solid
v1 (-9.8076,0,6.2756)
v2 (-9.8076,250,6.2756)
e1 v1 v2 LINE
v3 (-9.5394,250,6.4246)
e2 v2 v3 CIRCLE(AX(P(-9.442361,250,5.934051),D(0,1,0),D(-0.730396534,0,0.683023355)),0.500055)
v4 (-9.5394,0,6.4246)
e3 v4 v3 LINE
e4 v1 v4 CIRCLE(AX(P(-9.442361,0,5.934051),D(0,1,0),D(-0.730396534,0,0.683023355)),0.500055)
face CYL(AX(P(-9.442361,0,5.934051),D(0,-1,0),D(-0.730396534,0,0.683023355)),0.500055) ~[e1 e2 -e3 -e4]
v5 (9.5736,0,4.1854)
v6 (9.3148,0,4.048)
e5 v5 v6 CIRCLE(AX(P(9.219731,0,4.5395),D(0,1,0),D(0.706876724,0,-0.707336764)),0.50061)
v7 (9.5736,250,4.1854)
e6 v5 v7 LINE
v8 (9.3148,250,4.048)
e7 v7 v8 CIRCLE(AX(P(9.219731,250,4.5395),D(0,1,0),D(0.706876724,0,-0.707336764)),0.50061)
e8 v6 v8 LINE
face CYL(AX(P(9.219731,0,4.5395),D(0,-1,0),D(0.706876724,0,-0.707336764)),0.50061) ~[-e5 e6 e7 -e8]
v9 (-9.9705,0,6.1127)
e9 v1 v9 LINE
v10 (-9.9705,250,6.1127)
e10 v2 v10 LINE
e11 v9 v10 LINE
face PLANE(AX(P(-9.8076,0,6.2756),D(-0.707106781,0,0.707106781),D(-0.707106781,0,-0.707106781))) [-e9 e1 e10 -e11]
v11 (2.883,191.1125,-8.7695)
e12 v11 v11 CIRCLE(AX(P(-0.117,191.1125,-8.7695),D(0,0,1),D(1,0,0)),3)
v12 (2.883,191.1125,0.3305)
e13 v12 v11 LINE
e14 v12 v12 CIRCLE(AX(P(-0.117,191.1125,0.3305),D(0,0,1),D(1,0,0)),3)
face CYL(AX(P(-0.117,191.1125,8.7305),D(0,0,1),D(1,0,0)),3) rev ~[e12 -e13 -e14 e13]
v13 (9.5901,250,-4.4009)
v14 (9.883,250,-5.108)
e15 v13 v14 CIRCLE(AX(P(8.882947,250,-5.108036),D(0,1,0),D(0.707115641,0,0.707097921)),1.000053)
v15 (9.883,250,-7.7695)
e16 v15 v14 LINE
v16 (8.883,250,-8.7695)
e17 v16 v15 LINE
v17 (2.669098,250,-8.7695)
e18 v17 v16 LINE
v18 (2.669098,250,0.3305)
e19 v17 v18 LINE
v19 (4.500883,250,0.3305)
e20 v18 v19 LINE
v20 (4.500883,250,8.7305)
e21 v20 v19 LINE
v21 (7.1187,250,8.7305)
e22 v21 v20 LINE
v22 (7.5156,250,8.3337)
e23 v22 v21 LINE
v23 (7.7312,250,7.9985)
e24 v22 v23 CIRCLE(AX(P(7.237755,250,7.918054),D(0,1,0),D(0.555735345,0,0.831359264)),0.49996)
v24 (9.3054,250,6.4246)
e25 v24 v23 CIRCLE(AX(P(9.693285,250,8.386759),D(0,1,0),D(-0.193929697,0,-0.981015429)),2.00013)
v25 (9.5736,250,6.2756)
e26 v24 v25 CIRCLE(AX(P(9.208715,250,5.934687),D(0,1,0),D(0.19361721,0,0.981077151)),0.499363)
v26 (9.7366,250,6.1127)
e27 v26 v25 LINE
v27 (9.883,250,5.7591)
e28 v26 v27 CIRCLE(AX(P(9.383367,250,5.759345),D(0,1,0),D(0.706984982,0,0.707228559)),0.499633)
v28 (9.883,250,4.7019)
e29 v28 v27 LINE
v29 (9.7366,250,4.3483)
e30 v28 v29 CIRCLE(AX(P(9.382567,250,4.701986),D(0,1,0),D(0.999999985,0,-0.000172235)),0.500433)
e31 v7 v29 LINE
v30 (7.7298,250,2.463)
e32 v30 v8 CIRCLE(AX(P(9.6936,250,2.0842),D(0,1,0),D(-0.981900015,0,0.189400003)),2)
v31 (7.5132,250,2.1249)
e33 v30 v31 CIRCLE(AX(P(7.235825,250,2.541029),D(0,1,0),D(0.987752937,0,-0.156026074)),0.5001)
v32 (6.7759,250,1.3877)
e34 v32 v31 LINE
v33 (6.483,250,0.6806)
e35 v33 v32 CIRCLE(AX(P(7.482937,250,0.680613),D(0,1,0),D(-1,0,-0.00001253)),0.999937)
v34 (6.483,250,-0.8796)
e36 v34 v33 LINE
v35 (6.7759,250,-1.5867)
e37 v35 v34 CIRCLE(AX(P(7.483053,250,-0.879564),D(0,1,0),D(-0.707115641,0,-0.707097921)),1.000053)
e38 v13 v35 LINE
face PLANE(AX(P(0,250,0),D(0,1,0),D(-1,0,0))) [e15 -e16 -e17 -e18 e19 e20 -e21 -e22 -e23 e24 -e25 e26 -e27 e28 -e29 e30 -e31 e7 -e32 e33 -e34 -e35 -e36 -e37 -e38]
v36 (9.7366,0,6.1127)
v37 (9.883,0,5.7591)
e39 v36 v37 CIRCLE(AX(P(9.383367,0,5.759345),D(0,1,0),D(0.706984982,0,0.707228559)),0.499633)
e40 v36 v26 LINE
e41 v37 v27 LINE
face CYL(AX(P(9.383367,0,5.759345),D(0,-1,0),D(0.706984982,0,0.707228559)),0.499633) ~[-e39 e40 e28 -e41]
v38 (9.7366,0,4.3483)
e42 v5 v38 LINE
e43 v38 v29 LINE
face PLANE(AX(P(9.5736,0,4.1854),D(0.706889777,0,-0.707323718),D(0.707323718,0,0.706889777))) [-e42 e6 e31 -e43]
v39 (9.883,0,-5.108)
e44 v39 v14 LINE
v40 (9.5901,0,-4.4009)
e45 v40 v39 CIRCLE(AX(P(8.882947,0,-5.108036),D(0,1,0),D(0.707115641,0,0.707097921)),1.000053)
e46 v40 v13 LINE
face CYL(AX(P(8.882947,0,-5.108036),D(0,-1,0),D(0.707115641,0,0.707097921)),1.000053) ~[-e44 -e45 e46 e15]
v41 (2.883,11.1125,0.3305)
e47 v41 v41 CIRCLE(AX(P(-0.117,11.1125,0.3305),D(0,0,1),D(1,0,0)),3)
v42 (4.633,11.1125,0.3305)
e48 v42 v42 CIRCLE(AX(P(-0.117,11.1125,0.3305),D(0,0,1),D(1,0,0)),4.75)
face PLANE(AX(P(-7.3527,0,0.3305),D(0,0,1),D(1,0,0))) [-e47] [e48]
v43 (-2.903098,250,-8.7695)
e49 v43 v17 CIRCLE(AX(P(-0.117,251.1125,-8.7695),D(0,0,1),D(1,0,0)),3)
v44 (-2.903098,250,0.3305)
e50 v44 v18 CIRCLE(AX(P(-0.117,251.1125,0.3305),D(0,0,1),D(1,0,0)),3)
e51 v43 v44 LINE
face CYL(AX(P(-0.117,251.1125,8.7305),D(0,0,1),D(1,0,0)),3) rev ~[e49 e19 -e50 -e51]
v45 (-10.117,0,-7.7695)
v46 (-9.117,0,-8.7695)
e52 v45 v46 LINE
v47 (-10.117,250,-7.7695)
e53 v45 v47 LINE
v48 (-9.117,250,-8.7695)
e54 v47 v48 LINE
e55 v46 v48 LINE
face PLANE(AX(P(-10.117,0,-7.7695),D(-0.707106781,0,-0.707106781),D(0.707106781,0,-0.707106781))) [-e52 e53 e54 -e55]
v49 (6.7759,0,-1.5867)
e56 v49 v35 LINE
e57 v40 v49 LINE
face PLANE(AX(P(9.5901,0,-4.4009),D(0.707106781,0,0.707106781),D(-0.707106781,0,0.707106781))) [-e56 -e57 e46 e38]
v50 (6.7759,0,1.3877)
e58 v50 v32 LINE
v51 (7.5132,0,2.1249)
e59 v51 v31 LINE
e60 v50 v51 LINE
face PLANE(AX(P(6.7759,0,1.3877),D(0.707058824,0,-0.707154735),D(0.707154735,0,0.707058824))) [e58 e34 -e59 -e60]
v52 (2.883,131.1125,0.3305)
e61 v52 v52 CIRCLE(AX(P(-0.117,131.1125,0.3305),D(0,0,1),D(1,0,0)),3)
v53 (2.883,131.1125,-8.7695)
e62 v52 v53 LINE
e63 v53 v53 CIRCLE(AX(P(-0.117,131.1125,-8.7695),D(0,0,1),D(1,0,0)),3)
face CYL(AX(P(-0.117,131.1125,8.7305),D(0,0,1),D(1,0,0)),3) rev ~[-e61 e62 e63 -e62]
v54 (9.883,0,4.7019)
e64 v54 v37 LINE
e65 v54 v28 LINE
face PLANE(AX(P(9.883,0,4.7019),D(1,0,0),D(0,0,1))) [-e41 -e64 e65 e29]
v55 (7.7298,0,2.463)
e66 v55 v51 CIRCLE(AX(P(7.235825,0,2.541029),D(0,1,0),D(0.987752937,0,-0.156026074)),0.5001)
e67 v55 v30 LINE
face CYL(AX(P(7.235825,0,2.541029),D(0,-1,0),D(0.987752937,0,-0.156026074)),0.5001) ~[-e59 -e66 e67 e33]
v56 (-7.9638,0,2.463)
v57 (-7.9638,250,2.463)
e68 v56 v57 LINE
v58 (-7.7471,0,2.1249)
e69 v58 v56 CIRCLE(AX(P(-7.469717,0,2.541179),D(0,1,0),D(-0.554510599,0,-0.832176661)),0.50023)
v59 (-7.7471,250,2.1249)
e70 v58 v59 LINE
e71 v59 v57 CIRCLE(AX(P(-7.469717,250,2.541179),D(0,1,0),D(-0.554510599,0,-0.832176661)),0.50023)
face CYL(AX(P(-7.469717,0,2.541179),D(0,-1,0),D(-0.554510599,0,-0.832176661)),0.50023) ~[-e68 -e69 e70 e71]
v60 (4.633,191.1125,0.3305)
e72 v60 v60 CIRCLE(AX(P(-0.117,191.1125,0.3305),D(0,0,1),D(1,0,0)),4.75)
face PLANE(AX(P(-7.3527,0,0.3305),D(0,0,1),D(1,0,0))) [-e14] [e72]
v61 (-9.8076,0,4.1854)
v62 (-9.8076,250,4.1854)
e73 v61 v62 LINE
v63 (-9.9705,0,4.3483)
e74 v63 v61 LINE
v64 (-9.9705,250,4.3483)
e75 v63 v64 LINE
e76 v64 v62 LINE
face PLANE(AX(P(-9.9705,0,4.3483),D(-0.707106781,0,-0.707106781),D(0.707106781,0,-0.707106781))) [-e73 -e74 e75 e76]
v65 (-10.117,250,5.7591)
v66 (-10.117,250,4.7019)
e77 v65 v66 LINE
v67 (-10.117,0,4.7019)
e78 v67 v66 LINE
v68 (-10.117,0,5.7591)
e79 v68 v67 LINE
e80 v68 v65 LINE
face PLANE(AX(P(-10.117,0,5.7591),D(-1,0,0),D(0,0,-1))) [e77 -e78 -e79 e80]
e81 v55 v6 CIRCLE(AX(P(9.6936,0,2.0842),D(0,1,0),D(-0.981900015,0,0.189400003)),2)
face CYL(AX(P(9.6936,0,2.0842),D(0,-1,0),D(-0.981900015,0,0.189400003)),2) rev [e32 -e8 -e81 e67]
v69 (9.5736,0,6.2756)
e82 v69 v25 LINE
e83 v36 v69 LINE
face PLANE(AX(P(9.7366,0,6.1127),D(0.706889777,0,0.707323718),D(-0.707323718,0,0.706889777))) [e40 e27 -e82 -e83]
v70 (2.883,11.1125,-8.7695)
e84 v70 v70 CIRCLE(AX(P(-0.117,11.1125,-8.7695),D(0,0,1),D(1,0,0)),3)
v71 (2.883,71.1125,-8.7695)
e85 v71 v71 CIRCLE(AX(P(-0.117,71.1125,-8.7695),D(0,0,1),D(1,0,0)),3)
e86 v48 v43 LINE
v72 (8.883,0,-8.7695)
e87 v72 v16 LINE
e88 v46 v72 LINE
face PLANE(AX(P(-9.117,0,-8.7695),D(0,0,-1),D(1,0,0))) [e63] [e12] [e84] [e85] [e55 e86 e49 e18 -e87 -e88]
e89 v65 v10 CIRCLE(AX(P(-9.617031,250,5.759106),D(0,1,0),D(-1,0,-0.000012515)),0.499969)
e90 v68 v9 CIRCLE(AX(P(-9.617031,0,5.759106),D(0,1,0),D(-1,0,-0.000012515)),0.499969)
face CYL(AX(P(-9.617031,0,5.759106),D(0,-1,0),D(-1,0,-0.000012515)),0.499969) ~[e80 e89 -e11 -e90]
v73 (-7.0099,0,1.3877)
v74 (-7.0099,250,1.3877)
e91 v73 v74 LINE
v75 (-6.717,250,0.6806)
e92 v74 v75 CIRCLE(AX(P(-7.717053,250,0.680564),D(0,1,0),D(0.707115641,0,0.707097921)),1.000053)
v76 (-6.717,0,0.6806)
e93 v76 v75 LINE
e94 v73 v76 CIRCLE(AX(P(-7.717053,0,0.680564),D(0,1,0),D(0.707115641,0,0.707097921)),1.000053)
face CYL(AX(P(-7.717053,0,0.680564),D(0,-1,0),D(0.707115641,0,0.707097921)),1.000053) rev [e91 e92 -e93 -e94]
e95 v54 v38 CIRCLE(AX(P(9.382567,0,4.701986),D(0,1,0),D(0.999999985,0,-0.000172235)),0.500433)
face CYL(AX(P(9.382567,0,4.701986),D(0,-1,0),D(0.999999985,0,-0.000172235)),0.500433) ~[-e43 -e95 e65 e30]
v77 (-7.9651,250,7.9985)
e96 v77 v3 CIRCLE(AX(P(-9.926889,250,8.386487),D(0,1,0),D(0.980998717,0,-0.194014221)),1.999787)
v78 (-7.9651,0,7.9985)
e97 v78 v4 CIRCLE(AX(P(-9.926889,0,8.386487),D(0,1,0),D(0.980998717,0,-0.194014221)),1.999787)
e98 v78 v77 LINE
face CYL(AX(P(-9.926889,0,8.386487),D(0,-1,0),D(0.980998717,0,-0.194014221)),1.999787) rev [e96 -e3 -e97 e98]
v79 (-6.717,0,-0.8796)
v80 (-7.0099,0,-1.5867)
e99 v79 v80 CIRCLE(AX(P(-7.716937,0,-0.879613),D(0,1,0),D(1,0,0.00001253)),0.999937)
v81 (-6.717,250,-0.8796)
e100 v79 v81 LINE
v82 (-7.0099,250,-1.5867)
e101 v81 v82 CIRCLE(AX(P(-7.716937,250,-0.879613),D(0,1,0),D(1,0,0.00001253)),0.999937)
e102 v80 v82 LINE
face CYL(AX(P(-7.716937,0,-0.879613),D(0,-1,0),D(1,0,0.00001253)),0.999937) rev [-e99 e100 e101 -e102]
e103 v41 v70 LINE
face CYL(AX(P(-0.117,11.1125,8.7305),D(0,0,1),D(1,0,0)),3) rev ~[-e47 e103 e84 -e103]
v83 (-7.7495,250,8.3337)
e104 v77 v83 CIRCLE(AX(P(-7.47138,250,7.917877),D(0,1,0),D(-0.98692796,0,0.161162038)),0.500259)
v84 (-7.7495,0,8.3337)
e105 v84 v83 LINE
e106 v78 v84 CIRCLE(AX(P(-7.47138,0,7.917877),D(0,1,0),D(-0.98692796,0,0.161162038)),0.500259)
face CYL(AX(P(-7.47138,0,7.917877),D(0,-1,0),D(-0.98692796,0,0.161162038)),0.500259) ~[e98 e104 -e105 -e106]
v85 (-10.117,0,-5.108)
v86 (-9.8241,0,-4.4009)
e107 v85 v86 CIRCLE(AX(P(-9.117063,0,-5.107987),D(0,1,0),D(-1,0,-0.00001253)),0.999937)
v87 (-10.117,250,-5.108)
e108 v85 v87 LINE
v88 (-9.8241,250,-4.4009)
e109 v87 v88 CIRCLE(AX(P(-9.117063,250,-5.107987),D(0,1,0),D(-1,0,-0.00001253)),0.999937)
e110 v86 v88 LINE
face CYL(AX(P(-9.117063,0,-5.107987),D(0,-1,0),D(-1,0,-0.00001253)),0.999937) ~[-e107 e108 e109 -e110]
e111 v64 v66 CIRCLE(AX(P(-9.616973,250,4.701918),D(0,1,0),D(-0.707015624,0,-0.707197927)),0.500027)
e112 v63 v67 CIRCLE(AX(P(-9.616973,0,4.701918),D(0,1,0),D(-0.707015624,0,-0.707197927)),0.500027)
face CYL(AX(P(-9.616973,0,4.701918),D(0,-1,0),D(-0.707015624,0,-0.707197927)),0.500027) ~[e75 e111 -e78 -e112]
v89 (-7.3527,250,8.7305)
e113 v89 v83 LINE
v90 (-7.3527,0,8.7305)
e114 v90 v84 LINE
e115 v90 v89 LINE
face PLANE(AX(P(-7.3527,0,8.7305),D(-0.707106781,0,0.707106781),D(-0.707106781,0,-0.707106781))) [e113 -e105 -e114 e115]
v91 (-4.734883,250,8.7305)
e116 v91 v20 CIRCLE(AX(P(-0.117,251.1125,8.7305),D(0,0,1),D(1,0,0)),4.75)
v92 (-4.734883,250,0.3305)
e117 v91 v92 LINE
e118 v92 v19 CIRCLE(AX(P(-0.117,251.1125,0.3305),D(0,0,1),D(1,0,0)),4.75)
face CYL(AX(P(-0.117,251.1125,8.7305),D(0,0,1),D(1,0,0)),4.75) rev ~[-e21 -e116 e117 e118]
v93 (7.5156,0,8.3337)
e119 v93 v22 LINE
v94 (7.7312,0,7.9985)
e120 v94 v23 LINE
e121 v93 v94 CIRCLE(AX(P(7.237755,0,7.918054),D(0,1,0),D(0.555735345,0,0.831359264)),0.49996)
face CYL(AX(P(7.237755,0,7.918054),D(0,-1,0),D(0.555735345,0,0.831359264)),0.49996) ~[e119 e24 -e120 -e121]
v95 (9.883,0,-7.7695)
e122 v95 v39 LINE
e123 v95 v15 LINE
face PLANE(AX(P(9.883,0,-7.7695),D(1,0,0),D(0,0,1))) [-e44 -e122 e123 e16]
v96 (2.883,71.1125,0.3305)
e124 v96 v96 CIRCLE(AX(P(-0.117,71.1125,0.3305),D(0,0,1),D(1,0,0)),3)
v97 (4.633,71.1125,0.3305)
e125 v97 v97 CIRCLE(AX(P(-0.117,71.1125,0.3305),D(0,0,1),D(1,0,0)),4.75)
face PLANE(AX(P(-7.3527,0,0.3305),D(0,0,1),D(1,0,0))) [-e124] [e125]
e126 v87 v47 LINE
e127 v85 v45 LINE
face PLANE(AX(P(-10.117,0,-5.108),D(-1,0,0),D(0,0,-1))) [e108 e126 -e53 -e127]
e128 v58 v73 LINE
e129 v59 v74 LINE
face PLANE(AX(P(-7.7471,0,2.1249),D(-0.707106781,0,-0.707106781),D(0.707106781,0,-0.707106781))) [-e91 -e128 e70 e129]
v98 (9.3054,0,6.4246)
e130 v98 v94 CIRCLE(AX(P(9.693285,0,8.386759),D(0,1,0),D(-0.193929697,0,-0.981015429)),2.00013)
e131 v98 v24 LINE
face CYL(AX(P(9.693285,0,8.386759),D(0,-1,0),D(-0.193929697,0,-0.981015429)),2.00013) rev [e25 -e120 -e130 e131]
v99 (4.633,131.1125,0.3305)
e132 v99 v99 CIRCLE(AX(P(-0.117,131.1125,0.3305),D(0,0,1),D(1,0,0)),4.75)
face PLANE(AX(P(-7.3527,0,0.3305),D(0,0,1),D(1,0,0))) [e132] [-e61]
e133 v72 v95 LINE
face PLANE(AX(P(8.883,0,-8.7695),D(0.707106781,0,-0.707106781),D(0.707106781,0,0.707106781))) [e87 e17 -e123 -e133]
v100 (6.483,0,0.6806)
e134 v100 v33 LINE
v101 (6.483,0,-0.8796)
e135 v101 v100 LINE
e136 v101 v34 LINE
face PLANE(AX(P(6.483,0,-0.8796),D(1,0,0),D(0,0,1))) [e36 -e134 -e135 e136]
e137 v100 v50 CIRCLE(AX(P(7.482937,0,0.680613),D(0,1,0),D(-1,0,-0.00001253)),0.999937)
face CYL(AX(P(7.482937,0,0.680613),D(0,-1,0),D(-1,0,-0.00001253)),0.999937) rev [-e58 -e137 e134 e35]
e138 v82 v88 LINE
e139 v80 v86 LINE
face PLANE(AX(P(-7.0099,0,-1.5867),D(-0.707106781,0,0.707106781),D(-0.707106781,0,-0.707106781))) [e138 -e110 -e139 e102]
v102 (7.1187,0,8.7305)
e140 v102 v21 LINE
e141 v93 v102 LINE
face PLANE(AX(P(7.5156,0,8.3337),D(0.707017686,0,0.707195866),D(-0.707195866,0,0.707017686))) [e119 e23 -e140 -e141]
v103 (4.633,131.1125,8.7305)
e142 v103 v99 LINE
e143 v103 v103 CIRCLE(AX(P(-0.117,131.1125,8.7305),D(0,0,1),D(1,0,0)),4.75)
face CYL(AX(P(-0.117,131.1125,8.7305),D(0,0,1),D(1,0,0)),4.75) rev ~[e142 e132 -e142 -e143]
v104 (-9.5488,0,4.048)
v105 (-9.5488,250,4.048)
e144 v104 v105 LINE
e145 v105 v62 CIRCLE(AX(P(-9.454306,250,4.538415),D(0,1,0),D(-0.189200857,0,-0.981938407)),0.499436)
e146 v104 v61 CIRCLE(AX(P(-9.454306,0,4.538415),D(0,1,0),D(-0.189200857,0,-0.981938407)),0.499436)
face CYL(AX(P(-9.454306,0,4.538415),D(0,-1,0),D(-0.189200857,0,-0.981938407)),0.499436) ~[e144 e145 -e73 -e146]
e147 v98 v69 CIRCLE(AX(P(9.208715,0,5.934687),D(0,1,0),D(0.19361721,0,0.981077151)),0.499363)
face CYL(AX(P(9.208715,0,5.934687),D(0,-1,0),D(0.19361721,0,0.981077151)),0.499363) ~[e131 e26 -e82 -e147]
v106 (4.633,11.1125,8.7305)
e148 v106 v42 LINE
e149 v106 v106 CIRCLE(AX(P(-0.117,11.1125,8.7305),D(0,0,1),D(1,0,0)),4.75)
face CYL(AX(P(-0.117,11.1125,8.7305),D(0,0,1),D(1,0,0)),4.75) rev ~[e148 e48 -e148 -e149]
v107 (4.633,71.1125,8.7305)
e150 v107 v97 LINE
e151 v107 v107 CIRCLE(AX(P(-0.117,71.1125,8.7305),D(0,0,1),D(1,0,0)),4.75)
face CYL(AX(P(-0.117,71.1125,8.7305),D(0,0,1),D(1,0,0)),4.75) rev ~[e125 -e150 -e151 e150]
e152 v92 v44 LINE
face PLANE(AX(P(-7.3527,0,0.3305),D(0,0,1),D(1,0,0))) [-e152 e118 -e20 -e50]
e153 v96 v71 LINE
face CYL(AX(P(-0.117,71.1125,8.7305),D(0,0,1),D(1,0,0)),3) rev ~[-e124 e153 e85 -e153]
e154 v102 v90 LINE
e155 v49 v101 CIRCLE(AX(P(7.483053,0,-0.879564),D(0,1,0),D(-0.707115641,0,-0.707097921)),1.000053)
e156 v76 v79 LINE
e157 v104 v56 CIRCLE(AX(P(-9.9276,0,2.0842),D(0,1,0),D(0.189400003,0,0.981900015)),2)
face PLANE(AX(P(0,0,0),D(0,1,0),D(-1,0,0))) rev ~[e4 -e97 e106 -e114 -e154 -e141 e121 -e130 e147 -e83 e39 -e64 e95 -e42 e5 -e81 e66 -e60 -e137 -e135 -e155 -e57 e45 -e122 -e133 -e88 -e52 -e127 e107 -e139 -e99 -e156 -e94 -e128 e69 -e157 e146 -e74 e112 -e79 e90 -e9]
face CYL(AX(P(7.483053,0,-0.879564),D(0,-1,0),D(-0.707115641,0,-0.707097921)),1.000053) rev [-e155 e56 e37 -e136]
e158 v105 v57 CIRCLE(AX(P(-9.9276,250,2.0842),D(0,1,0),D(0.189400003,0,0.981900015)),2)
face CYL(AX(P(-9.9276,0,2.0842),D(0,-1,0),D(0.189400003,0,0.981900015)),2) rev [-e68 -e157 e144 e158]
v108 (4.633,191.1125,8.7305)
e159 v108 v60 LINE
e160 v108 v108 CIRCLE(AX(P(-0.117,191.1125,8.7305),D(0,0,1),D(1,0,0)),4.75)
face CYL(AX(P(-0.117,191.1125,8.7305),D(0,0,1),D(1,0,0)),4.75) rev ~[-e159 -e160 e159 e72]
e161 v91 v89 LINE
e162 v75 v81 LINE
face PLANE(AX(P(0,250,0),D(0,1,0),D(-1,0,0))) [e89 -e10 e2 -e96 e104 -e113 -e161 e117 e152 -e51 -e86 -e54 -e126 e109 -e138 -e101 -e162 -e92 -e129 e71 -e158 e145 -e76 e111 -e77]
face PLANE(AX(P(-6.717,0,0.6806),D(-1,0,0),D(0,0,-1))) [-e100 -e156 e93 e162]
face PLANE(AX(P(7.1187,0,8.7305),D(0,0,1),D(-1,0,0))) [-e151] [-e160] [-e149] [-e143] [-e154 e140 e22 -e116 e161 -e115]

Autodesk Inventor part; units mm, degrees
ref_plane "YZ Plane" through (0, 0, 0) normal (1, 0, 0) x (0, 1, 0)
ref_plane "XZ Plane" through (0, 0, 0) normal (0, 1, 0) x (-1, 0, 0)
ref_plane "XY Plane" through (0, 0, 0) normal (0, 0, 1) x (1, 0, 0)
sketch "Sketch1" plane through (0, 0, 0) normal (0, 1, 0) x (-1, 0, 0)
  arc A0 (-6.7759, -1.5867) -> (-6.483, -0.8796) centre (-7.483, -0.8796) ccw
  line L0 (-7.1187, 8.7305) -> (7.3527, 8.7305)
  line L1 (9.117, -8.7695) -> (-8.883, -8.7695)
  line L2 (6.717, 0.6806) -> (6.717, -0.8796)
  arc A1 (7.0099, 1.3877) -> (6.717, 0.6806) centre (7.717, 0.6806) ccw
  line L3 (7.7471, 2.1249) -> (7.0099, 1.3877)
  arc A2 (6.717, -0.8796) -> (7.0099, -1.5867) centre (7.717, -0.8796) ccw
  arc A3 (-9.5901, -4.4009) -> (-9.883, -5.108) centre (-8.883, -5.108) ccw
  line L4 (-9.883, -7.7695) -> (-9.883, -5.108)
  line L5 (-8.883, -8.7695) -> (-9.883, -7.7695)
  line L6 (-9.5901, -4.4009) -> (-6.7759, -1.5867)
  line L7 (10.117, 5.7591) -> (10.117, 4.7019)
  arc A4 (10.117, 5.7591) -> (9.9705, 6.1127) centre (9.617, 5.7591) ccw
  line L8 (9.8076, 6.2756) -> (9.9705, 6.1127)
  arc A5 (9.8076, 6.2756) -> (9.5394, 6.4246) centre (9.4424, 5.9341) ccw
  arc A6 (7.9651, 7.9985) -> (9.5394, 6.4246) centre (9.9271, 8.3866) ccw
  arc A7 (7.9651, 7.9985) -> (7.7495, 8.3337) centre (7.4717, 7.918) ccw
  line L9 (7.3527, 8.7305) -> (7.7495, 8.3337)
  line L10 (-6.483, -0.8796) -> (-6.483, 0.6806)
  arc A8 (-6.483, 0.6806) -> (-6.7759, 1.3877) centre (-7.483, 0.6806) ccw
  line L11 (-6.7759, 1.3877) -> (-7.5132, 2.1249)
  arc A9 (-7.7298, 2.463) -> (-7.5132, 2.1249) centre (-7.2359, 2.541) ccw
  arc A10 (-7.7298, 2.463) -> (-9.3148, 4.048) centre (-9.6936, 2.0842) ccw
  line L12 (-9.5736, 4.1854) -> (-9.7366, 4.3483)
  arc A11 (-9.883, 4.7019) -> (-9.7366, 4.3483) centre (-9.383, 4.7019) ccw
  line L13 (-9.883, 4.7019) -> (-9.883, 5.7591)
  arc A12 (-9.7366, 6.1127) -> (-9.883, 5.7591) centre (-9.383, 5.7591) ccw
  arc A13 (9.9705, 4.3483) -> (10.117, 4.7019) centre (9.617, 4.7019) ccw
  line L14 (9.9705, 4.3483) -> (9.8076, 4.1854)
  arc A14 (9.5488, 4.048) -> (9.8076, 4.1854) centre (9.4541, 4.539) ccw
  arc A15 (9.5488, 4.048) -> (7.9638, 2.463) centre (9.9276, 2.0842) ccw
  arc A16 (7.7471, 2.1249) -> (7.9638, 2.463) centre (7.4699, 2.541) ccw
  line L15 (7.0099, -1.5867) -> (9.8241, -4.4009)
  arc A17 (10.117, -5.108) -> (9.8241, -4.4009) centre (9.117, -5.108) ccw
  line L16 (10.117, -5.108) -> (10.117, -7.7695)
  line L17 (10.117, -7.7695) -> (9.117, -8.7695)
  line L18 (-9.7366, 6.1127) -> (-9.5736, 6.2756)
  arc A18 (-9.3054, 6.4246) -> (-9.5736, 6.2756) centre (-9.2085, 5.9341) ccw
  arc A19 (-9.3054, 6.4246) -> (-7.7312, 7.9985) centre (-9.6932, 8.3866) ccw
  arc A20 (-7.5156, 8.3337) -> (-7.7312, 7.9985) centre (-7.2377, 7.918) ccw
  line L19 (-7.5156, 8.3337) -> (-7.1187, 8.7305)
  arc A21 (-9.5736, 4.1854) -> (-9.3148, 4.048) centre (-9.2201, 4.539) ccw
  point P0 (0, 0)
  point P1 (0.117, -0.039)
  point P2 (0.117, 5.2305)
extrude "Extrusion1" add sketch "Sketch1" along normal blind 250
sketch "Sketch2" plane through (-7.3527, 0, 8.7305) normal (0, 0, 1) x (1, 0, 0)
  circle A0 centre (7.2357, 11.1125) radius 3
  line L0 (0, 0) -> (14.4714, 0) projected
  line L1 (-2.7643, 0) -> (-2.7643, 250) projected
  line L2 (17.2357, 0) -> (17.2357, 250) projected
  circle A1 centre (7.2357, 71.1125) radius 3
  circle A2 centre (7.2357, 131.1125) radius 3
  circle A3 centre (7.2357, 191.1125) radius 3
  circle A4 centre (7.2357, 251.1125) radius 3
  point P0 (7.3527, 0)
  dimension "d2" = 6
  dimension "d3" = 11.1125
  dimension "d4" = 20
  dimension "d5" = 10
  dimension "d8" = 60
  dimension "d18" = 60
extrude "Extrusion2" cut sketch "Sketch2" against normal through all contours A0 | A1 | A2 | A3
sketch "Sketch3" plane through (-7.3527, 0, 8.7305) normal (0, 0, 1) x (1, 0, 0)
  circle A0 centre (7.2357, 71.1125) radius 3 projected
  circle A1 centre (7.2357, 131.1125) radius 3 projected
  circle A2 centre (7.2357, 11.1125) radius 3 projected
  circle A3 centre (7.2357, 191.1125) radius 3 projected
  line L0 (0, 0) -> (14.4714, 0) projected
  line L1 (14.4714, 0) -> (14.4714, 250) projected
  line L2 (0, 250) -> (14.4714, 250) projected
  line L3 (0, 0) -> (0, 250) projected
  circle A4 centre (7.2357, 11.1125) radius 4.75
  circle A5 centre (7.2357, 71.1125) radius 4.75
  circle A6 centre (7.2357, 131.1125) radius 4.75
  circle A7 centre (7.2357, 191.1125) radius 4.75
  circle A8 centre (7.2357, 251.1125) radius 4.75
  point P0 (7.3527, 0)
  point P1 (11.8536, 250)
  point P2 (2.6178, 250)
  dimension "d15" = 9.5
  dimension "d21" = 60
extrude "Extrusion3" cut sketch "Sketch3" against normal blind 8.4 contours A4 | A5 | A6 | A7
extrude "Extrusion4" cut sketch "Sketch2" against normal through all contours A4
extrude "Extrusion5" cut sketch "Sketch3" against normal up to surface (8.4 mm away) contours L2 A8 picked at (8.3547, 248.0358)
equation "\"d5\" = 0.5 * d4"
properties part number "HGR20R-LinearRail200mm" material "Stainless Steel"
